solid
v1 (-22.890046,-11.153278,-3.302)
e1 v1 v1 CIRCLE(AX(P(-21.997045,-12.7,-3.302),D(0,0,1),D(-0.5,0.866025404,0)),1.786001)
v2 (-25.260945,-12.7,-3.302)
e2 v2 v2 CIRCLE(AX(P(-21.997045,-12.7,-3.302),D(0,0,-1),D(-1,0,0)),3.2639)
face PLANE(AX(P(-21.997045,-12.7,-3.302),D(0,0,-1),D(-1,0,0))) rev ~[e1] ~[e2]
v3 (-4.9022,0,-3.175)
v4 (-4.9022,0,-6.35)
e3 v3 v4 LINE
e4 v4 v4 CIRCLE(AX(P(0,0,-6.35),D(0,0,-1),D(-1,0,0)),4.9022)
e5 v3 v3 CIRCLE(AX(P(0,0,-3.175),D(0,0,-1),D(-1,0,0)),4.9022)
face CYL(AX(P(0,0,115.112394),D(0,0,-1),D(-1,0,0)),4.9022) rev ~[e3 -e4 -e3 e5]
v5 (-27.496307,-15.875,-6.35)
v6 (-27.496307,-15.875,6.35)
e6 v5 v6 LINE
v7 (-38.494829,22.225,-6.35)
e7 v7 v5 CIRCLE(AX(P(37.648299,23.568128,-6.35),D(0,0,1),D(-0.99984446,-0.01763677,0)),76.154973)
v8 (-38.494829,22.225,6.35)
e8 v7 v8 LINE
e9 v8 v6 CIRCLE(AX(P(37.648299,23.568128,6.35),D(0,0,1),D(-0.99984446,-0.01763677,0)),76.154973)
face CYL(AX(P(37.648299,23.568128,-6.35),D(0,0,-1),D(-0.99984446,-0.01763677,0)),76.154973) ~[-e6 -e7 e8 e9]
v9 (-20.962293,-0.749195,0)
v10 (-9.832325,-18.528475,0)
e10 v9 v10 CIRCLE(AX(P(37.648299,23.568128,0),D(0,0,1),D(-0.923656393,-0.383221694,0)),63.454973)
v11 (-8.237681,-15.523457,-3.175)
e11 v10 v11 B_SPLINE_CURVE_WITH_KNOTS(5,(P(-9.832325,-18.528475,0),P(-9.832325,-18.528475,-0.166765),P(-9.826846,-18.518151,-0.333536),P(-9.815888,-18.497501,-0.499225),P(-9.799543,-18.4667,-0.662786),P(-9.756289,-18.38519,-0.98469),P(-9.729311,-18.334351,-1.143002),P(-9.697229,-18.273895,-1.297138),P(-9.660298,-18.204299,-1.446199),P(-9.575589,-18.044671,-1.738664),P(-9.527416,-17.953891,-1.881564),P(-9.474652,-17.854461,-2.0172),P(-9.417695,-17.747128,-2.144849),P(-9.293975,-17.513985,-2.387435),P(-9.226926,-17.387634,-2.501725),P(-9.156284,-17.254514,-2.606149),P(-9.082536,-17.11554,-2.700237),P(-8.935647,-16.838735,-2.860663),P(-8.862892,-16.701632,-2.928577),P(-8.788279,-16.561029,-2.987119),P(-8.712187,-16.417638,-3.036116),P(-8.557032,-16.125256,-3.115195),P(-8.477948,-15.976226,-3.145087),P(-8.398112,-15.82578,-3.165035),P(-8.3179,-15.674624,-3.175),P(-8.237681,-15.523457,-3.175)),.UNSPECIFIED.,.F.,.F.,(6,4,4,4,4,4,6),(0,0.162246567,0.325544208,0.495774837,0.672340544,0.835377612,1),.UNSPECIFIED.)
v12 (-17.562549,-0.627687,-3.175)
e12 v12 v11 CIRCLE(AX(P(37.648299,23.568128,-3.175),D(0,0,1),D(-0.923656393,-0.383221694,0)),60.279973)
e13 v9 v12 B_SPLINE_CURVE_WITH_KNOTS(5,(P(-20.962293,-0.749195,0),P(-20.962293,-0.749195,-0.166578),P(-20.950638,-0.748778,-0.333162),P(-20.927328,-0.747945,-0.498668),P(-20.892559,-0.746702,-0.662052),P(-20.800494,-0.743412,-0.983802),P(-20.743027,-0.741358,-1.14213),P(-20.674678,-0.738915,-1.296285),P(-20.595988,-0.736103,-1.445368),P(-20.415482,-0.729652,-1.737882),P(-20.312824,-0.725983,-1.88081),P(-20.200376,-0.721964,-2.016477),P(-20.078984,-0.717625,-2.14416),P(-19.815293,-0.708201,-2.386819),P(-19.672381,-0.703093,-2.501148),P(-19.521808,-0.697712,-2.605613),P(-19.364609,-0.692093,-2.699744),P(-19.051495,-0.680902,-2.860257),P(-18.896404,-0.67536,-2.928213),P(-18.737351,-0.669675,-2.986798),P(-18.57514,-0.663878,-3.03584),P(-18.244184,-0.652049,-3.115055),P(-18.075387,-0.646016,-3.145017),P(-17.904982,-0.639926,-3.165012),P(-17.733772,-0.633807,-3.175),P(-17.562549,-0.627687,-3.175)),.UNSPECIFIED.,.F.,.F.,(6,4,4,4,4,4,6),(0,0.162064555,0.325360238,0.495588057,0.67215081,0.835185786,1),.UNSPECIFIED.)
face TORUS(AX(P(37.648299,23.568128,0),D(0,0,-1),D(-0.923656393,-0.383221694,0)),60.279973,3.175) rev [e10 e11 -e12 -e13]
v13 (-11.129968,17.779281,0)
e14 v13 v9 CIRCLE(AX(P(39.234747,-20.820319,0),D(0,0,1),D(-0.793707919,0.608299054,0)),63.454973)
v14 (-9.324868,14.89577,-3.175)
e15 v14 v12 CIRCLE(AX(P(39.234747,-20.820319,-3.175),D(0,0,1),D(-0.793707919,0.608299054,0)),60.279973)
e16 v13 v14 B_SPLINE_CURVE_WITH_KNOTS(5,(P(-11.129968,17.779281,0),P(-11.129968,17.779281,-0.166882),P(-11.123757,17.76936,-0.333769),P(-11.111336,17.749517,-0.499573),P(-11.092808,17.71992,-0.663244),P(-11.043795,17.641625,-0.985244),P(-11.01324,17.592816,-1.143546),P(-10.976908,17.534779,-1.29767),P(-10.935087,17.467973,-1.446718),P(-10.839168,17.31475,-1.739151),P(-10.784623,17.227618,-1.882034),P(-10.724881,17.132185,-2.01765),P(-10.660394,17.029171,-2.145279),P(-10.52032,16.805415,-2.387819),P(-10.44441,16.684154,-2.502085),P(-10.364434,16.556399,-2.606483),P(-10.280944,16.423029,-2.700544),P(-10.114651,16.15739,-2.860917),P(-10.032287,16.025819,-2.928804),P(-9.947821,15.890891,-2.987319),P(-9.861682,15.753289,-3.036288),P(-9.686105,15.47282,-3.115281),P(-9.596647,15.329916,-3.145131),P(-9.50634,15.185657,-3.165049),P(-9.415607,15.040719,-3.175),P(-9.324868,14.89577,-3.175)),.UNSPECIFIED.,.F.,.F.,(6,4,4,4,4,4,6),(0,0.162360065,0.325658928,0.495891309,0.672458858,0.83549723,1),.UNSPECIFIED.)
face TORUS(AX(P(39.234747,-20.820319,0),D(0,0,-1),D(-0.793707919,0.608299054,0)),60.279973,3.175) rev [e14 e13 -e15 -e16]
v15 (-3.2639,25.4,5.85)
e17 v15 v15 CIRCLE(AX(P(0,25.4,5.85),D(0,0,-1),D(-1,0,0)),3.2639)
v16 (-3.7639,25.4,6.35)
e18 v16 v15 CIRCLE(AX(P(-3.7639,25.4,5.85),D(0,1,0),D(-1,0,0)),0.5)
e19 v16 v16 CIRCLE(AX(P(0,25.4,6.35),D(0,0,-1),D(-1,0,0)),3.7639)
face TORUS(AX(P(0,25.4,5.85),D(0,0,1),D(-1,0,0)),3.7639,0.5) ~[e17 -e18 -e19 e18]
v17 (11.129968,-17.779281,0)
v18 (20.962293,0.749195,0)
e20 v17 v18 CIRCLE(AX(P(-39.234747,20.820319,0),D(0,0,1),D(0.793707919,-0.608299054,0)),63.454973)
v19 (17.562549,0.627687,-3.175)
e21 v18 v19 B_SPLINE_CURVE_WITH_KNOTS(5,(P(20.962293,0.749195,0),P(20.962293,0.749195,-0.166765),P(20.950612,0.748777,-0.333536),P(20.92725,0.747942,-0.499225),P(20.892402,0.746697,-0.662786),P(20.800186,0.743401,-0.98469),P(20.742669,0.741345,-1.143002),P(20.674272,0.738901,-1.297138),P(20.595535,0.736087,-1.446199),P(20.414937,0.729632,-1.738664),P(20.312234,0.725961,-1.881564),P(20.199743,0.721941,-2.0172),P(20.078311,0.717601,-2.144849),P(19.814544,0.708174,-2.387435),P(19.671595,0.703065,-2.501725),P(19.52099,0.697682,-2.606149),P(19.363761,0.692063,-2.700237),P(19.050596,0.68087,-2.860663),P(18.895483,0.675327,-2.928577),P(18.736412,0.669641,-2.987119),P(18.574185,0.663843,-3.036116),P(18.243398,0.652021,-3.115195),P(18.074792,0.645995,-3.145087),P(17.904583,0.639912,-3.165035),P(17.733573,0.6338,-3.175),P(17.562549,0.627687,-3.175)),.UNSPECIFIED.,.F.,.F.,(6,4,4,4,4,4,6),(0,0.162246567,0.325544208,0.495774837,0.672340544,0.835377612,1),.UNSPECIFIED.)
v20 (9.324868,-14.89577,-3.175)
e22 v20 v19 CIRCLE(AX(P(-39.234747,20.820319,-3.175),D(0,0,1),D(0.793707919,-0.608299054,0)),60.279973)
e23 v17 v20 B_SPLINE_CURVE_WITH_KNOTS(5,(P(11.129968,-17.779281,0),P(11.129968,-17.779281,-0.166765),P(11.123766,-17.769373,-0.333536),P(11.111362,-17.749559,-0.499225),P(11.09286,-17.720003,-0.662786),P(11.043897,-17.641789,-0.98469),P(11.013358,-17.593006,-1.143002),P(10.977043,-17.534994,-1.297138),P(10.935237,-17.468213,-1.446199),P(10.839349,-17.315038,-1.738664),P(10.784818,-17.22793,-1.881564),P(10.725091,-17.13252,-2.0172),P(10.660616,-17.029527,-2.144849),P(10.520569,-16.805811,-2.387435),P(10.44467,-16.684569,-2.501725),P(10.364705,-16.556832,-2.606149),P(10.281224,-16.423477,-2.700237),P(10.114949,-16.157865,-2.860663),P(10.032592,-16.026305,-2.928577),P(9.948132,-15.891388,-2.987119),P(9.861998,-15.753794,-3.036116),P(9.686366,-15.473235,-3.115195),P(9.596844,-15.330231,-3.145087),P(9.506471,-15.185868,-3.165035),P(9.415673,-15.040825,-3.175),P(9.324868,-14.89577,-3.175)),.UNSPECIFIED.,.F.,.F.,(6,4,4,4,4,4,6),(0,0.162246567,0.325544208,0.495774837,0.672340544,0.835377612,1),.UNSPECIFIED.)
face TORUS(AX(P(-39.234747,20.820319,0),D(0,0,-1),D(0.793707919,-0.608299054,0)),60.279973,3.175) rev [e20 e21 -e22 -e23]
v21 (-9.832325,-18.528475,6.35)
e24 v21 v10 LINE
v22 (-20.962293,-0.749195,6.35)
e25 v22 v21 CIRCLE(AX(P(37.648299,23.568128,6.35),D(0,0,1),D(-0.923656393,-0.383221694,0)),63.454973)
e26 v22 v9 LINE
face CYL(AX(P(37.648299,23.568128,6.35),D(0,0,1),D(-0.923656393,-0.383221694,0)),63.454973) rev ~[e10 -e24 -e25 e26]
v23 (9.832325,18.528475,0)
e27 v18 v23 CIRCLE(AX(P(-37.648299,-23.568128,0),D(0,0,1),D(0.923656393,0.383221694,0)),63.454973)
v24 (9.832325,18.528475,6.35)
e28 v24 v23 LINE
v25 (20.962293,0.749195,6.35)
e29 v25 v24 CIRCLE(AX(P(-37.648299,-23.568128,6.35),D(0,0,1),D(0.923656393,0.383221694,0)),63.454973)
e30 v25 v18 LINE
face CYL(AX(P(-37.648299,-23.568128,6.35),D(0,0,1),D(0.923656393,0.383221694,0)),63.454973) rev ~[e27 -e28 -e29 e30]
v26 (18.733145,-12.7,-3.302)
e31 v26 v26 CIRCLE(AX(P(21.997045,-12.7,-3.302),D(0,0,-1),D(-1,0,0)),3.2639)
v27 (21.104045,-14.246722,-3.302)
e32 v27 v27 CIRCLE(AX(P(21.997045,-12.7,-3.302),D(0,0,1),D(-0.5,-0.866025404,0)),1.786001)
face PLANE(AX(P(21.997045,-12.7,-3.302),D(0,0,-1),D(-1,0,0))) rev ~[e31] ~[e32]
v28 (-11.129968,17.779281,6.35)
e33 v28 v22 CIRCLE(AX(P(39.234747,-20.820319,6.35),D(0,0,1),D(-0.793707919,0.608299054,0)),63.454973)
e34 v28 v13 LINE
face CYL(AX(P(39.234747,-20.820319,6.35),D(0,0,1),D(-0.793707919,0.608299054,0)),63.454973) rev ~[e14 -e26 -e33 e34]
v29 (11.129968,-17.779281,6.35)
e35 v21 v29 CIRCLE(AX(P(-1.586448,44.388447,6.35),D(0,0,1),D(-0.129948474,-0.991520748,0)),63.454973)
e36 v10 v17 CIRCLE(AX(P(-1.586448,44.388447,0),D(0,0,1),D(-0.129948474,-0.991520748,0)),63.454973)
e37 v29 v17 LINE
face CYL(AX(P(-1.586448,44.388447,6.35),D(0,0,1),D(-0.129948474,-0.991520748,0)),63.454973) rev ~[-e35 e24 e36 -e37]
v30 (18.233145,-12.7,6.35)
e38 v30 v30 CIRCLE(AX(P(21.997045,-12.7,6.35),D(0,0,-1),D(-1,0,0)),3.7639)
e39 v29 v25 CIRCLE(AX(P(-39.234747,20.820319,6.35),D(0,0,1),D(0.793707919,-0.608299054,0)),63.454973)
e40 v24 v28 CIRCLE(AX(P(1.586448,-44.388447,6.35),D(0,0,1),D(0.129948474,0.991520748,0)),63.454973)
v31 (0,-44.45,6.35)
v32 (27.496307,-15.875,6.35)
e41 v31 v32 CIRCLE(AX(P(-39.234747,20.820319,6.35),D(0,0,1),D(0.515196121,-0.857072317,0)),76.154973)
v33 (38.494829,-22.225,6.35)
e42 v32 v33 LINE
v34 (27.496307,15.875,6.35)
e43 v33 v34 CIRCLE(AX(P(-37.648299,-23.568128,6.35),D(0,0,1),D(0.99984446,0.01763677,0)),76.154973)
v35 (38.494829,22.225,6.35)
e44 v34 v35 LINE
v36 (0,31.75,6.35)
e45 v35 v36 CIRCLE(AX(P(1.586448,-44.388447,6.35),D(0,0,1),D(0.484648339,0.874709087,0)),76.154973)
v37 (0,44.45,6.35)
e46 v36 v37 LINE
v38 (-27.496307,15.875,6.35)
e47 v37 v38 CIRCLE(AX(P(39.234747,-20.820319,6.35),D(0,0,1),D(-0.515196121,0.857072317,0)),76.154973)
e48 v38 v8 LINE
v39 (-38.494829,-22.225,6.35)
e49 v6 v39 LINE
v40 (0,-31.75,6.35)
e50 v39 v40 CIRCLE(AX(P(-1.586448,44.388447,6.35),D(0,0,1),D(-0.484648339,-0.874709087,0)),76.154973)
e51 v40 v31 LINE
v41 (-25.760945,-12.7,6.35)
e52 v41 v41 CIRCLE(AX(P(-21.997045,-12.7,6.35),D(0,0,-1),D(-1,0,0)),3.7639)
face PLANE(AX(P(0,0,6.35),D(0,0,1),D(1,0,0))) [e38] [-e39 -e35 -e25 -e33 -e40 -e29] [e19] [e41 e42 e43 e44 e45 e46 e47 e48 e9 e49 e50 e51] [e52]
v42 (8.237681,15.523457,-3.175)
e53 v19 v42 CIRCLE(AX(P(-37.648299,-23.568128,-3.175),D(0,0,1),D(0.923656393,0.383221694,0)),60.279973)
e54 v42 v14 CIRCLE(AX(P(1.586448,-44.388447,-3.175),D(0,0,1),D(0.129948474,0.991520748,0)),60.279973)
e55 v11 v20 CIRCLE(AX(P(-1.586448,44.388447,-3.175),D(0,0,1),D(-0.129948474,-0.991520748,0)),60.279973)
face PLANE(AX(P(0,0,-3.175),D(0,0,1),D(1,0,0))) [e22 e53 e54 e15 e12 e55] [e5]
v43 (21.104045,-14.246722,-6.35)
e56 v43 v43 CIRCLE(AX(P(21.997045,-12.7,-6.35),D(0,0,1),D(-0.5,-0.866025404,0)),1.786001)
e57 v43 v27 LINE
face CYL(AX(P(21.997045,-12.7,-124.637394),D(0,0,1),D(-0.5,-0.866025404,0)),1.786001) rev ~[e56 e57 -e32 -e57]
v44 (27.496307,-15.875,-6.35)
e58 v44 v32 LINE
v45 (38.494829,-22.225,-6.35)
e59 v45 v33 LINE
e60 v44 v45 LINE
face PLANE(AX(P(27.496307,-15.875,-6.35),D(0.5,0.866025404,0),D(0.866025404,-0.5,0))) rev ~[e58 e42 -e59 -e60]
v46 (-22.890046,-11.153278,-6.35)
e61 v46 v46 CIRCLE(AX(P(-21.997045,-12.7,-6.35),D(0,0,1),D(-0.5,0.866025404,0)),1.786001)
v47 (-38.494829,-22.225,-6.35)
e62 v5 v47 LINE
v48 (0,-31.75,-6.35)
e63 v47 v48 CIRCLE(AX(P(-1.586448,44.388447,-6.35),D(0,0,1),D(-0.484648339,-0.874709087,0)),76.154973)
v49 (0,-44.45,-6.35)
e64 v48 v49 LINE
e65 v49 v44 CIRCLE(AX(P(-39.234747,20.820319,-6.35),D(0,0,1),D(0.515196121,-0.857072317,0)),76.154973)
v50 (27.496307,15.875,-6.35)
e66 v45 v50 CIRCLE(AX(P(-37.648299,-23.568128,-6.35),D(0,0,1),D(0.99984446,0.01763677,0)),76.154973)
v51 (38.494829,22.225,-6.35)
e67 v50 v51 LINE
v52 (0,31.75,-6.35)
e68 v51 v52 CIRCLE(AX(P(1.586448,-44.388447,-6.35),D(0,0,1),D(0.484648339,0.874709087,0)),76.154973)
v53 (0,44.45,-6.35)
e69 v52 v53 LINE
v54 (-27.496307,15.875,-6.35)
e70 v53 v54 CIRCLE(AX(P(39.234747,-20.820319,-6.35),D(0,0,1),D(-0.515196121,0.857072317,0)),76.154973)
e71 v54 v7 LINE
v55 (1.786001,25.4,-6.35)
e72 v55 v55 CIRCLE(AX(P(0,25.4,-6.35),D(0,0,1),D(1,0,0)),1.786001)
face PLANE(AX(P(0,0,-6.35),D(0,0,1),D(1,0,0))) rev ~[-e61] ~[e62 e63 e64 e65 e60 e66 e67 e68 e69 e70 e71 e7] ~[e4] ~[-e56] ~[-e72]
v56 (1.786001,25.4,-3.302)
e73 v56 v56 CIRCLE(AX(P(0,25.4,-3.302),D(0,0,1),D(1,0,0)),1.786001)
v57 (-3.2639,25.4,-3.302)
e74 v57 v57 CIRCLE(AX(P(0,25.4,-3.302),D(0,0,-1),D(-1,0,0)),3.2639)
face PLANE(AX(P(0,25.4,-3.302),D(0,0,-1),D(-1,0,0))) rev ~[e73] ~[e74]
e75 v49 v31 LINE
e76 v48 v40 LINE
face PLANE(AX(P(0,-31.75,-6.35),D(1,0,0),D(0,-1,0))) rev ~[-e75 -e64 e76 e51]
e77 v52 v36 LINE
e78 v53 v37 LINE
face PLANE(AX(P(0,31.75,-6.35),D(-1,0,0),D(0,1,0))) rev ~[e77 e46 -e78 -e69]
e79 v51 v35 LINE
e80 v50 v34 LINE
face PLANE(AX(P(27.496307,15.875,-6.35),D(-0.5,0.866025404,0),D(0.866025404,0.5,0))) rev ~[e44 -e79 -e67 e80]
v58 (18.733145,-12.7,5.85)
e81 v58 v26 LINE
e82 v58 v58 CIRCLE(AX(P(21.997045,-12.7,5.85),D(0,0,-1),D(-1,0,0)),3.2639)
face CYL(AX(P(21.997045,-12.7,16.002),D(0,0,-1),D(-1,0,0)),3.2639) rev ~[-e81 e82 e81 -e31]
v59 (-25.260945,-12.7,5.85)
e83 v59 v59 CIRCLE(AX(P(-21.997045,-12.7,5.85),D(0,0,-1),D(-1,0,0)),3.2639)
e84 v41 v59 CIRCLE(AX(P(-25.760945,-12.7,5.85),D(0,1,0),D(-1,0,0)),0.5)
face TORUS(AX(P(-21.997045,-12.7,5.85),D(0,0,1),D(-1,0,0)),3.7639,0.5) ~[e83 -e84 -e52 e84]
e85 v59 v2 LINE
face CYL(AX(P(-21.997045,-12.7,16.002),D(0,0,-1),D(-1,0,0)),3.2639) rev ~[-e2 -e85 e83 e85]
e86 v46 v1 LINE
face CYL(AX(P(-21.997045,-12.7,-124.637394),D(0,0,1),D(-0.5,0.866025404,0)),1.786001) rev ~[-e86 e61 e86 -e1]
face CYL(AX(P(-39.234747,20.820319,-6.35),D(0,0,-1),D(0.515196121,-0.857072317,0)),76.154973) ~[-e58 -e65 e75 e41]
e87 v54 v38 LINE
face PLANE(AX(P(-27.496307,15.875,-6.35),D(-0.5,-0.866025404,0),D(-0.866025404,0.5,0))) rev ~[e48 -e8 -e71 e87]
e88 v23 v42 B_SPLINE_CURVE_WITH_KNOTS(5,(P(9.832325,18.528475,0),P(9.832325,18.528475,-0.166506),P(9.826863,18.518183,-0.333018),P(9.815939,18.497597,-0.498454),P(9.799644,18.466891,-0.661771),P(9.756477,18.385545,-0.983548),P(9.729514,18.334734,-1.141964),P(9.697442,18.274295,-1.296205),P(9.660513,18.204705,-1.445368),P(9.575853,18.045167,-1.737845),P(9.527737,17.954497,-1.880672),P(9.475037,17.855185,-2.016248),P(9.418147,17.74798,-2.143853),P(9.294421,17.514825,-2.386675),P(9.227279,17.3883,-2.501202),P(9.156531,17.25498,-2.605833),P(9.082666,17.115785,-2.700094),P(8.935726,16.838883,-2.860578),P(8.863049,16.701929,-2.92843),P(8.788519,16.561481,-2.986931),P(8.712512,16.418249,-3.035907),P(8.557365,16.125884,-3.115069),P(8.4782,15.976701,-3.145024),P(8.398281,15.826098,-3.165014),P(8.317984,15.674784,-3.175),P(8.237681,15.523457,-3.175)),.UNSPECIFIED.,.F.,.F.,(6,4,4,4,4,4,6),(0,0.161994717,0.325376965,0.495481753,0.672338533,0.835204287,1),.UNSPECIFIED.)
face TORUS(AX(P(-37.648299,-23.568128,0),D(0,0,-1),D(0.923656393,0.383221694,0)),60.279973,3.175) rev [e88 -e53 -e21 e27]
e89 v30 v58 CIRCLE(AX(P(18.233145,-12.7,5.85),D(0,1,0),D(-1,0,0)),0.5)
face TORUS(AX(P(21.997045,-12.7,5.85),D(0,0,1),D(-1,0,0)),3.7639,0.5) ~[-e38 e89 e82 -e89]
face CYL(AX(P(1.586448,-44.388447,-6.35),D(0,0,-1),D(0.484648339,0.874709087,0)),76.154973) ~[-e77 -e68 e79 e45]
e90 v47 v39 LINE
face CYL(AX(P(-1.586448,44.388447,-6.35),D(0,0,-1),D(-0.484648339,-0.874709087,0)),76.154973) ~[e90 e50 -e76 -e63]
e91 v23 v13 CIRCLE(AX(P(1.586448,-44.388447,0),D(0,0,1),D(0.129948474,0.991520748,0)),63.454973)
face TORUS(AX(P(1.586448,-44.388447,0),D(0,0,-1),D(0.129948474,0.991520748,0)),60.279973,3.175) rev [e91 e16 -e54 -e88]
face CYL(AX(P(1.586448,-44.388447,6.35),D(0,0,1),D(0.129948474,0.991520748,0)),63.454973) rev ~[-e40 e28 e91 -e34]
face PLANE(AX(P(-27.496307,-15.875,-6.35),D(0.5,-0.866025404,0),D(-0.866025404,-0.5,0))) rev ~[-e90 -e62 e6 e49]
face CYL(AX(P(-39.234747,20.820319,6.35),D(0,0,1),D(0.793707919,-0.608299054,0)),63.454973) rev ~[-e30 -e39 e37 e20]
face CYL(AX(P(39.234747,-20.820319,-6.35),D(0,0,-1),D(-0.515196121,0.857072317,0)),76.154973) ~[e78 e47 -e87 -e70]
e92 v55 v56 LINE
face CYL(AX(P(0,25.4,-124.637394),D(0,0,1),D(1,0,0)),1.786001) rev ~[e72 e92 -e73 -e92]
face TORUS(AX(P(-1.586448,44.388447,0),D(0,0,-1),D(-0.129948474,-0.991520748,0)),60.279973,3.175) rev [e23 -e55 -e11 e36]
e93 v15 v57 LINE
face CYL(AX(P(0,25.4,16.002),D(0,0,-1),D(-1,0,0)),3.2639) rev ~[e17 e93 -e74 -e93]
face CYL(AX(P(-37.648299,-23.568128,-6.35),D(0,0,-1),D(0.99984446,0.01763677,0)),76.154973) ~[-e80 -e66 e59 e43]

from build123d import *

# Parameters (mm, degrees)
BOSS_EXTRUDE1_DEPTH             = 6.35
BOSS_EXTRUDE1_DEPTH_BACK        = 6.35
BOSS_EXTRUDE2_START             = -12.7
BOSS_EXTRUDE2_DEPTH             = 12.7
CUT_EXTRUDE1_DEPTH              = 9.525
FILLET1_R                       = 3.175
W_0_386_DIAMETER_HOLE1_D        = 9.8044
F_9_64_0_14063_DIAMETER_HOLE1_D = 3.572002
CIRPATTERN1_COUNT               = 3
F_0_257_DIAMETER_HOLE1_D        = 6.5278
F_0_257_DIAMETER_HOLE1_DEPTH    = 9.652
FILLET2_R                       = 0.5


with BuildPart() as part:
    # Sketch1 → Boss-Extrude1 (new, two sides: drawn at the far end of the back side and taken through both)
    with BuildSketch(Plane.XY.offset(-BOSS_EXTRUDE1_DEPTH_BACK)):
        with BuildLine():
            Line((27.49630657, 15.875), (38.494829198, 22.225))
            ThreePointArc((38.494829198, 22.225), (19.878280804, 29.537115412), (0, 31.75))
            Line((0, 31.75), (0, 44.45))
            ThreePointArc((0, 44.45), (-15.640751899, 31.983653865), (-27.49630657, 15.875))
            Line((-27.49630657, 15.875), (-38.494829198, 22.225))
            ThreePointArc((-38.494829198, 22.225), (-35.519032703, 2.446538454), (-27.49630657, -15.875))
            Line((-27.49630657, -15.875), (-38.494829198, -22.225))
            ThreePointArc((-38.494829198, -22.225), (-19.878280804, -29.537115412), (0, -31.75))
            Line((0, -31.75), (0, -44.45))
            ThreePointArc((0, -44.45), (15.640751899, -31.983653865), (27.49630657, -15.875))
            Line((27.49630657, -15.875), (38.494829198, -22.225))
            ThreePointArc((38.494829198, -22.225), (35.519032703, -2.446538454), (27.49630657, 15.875))
        make_face()
        with BuildLine():
            ThreePointArc((-11.129967969, 17.779280801), (-16.817028225, 8.924127912), (-20.962292819, -0.749194604))
            ThreePointArc((-20.962292819, -0.749194604), (-16.137035591, -10.101909703), (-9.83232485, -18.528475405))
            ThreePointArc((-9.83232485, -18.528475405), (0.679992634, -19.026037615), (11.129967969, -17.779280801))
            ThreePointArc((11.129967969, -17.779280801), (16.817028225, -8.924127912), (20.962292819, 0.749194604))
            ThreePointArc((20.962292819, 0.749194604), (16.137035591, 10.101909703), (9.83232485, 18.528475405))
            ThreePointArc((9.83232485, 18.528475405), (-0.679992634, 19.026037615), (-11.129967969, 17.779280801))
        make_face(mode=Mode.SUBTRACT)
    extrude(amount=BOSS_EXTRUDE1_DEPTH + BOSS_EXTRUDE1_DEPTH_BACK)

    # Sketch3 → Boss-Extrude2 (add)
    with BuildSketch(Plane.XY.offset(6.35).offset(BOSS_EXTRUDE2_START)):
        with BuildLine():
            ThreePointArc((-11.129967969, 17.779280801), (-16.817028225, 8.924127912), (-20.962292819, -0.749194604))
            ThreePointArc((-20.962292819, -0.749194604), (-16.137035591, -10.101909703), (-9.83232485, -18.528475405))
            ThreePointArc((-9.83232485, -18.528475405), (0.679992634, -19.026037615), (11.129967969, -17.779280801))
            ThreePointArc((11.129967969, -17.779280801), (16.817028225, -8.924127912), (20.962292819, 0.749194604))
            ThreePointArc((20.962292819, 0.749194604), (16.137035591, 10.101909703), (9.83232485, 18.528475405))
            ThreePointArc((9.83232485, 18.528475405), (-0.679992634, 19.026037615), (-11.129967969, 17.779280801))
        make_face()
    extrude(amount=BOSS_EXTRUDE2_DEPTH)

    # Sketch3<2> → Cut-Extrude1 (cut)
    with BuildSketch(Plane.XY.offset(6.35)):
        with BuildLine():
            ThreePointArc((-11.129967969, 17.779280801), (-16.817028225, 8.924127912), (-20.962292819, -0.749194604))
            ThreePointArc((-20.962292819, -0.749194604), (-16.137035591, -10.101909703), (-9.83232485, -18.528475405))
            ThreePointArc((-9.83232485, -18.528475405), (0.679992634, -19.026037615), (11.129967969, -17.779280801))
            ThreePointArc((11.129967969, -17.779280801), (16.817028225, -8.924127912), (20.962292819, 0.749194604))
            ThreePointArc((20.962292819, 0.749194604), (16.137035591, 10.101909703), (9.83232485, 18.528475405))
            ThreePointArc((9.83232485, 18.528475405), (-0.679992634, 19.026037615), (-11.129967969, 17.779280801))
        make_face()
    extrude(amount=-CUT_EXTRUDE1_DEPTH, mode=Mode.SUBTRACT)

    # Fillet1
    fillet1_edges = [part.edges().sort_by_distance(p)[0] for p in [
        (-16.137035591, -10.101909703, -3.175),
        (0.679992634, -19.026037615, -3.175),
        (16.817028225, -8.924127912, -3.175),
        (16.137035591, 10.101909703, -3.175),
        (-0.679992634, 19.026037615, -3.175),
        (-16.817028225, 8.924127912, -3.175),
    ]]
    fillet(fillet1_edges, radius=FILLET1_R)

    # W (0.386) Diameter Hole1 (through all)
    with Locations(Plane.XY.offset(-3.175)):
        with Locations((0, 0)):
            Hole(W_0_386_DIAMETER_HOLE1_D / 2)

    # 9/64 (0.14063) Diameter Hole1 (through all)
    with Locations(Plane(origin=(0, 0, -6.35), x_dir=(-1, 0, 0), z_dir=(0, 0, -1))):
        with Locations((0, 25.4)):
            f_9_64_0_14063_diameter_hole1 = Hole(F_9_64_0_14063_DIAMETER_HOLE1_D / 2)

    # CirPattern1: 9/64 (0.14063) Diameter Hole1 ×3 about axis
    cirpattern1_axis = Axis((0, 0, -3.175), (0, 0, 1))
    for i in range(1, CIRPATTERN1_COUNT):
        add(f_9_64_0_14063_diameter_hole1.rotate(cirpattern1_axis, i * 360 / CIRPATTERN1_COUNT), mode=Mode.SUBTRACT)

    # F (0.257) Diameter Hole1
    with Locations(Plane.XY.offset(6.35)):
        with Locations((0, 25.4), (21.997045256, -12.7), (-21.997045256, -12.7)):
            Hole(F_0_257_DIAMETER_HOLE1_D / 2, depth=F_0_257_DIAMETER_HOLE1_DEPTH)

    # Fillet2
    fillet2_edges = [part.edges().sort_by_distance(p)[0] for p in [
        (25.260945256, -12.7, 6.35),
        (3.2639, 25.4, 6.35),
        (-18.733145256, -12.7, 6.35),
    ]]
    fillet(fillet2_edges, radius=FILLET2_R)


solid = part.part
